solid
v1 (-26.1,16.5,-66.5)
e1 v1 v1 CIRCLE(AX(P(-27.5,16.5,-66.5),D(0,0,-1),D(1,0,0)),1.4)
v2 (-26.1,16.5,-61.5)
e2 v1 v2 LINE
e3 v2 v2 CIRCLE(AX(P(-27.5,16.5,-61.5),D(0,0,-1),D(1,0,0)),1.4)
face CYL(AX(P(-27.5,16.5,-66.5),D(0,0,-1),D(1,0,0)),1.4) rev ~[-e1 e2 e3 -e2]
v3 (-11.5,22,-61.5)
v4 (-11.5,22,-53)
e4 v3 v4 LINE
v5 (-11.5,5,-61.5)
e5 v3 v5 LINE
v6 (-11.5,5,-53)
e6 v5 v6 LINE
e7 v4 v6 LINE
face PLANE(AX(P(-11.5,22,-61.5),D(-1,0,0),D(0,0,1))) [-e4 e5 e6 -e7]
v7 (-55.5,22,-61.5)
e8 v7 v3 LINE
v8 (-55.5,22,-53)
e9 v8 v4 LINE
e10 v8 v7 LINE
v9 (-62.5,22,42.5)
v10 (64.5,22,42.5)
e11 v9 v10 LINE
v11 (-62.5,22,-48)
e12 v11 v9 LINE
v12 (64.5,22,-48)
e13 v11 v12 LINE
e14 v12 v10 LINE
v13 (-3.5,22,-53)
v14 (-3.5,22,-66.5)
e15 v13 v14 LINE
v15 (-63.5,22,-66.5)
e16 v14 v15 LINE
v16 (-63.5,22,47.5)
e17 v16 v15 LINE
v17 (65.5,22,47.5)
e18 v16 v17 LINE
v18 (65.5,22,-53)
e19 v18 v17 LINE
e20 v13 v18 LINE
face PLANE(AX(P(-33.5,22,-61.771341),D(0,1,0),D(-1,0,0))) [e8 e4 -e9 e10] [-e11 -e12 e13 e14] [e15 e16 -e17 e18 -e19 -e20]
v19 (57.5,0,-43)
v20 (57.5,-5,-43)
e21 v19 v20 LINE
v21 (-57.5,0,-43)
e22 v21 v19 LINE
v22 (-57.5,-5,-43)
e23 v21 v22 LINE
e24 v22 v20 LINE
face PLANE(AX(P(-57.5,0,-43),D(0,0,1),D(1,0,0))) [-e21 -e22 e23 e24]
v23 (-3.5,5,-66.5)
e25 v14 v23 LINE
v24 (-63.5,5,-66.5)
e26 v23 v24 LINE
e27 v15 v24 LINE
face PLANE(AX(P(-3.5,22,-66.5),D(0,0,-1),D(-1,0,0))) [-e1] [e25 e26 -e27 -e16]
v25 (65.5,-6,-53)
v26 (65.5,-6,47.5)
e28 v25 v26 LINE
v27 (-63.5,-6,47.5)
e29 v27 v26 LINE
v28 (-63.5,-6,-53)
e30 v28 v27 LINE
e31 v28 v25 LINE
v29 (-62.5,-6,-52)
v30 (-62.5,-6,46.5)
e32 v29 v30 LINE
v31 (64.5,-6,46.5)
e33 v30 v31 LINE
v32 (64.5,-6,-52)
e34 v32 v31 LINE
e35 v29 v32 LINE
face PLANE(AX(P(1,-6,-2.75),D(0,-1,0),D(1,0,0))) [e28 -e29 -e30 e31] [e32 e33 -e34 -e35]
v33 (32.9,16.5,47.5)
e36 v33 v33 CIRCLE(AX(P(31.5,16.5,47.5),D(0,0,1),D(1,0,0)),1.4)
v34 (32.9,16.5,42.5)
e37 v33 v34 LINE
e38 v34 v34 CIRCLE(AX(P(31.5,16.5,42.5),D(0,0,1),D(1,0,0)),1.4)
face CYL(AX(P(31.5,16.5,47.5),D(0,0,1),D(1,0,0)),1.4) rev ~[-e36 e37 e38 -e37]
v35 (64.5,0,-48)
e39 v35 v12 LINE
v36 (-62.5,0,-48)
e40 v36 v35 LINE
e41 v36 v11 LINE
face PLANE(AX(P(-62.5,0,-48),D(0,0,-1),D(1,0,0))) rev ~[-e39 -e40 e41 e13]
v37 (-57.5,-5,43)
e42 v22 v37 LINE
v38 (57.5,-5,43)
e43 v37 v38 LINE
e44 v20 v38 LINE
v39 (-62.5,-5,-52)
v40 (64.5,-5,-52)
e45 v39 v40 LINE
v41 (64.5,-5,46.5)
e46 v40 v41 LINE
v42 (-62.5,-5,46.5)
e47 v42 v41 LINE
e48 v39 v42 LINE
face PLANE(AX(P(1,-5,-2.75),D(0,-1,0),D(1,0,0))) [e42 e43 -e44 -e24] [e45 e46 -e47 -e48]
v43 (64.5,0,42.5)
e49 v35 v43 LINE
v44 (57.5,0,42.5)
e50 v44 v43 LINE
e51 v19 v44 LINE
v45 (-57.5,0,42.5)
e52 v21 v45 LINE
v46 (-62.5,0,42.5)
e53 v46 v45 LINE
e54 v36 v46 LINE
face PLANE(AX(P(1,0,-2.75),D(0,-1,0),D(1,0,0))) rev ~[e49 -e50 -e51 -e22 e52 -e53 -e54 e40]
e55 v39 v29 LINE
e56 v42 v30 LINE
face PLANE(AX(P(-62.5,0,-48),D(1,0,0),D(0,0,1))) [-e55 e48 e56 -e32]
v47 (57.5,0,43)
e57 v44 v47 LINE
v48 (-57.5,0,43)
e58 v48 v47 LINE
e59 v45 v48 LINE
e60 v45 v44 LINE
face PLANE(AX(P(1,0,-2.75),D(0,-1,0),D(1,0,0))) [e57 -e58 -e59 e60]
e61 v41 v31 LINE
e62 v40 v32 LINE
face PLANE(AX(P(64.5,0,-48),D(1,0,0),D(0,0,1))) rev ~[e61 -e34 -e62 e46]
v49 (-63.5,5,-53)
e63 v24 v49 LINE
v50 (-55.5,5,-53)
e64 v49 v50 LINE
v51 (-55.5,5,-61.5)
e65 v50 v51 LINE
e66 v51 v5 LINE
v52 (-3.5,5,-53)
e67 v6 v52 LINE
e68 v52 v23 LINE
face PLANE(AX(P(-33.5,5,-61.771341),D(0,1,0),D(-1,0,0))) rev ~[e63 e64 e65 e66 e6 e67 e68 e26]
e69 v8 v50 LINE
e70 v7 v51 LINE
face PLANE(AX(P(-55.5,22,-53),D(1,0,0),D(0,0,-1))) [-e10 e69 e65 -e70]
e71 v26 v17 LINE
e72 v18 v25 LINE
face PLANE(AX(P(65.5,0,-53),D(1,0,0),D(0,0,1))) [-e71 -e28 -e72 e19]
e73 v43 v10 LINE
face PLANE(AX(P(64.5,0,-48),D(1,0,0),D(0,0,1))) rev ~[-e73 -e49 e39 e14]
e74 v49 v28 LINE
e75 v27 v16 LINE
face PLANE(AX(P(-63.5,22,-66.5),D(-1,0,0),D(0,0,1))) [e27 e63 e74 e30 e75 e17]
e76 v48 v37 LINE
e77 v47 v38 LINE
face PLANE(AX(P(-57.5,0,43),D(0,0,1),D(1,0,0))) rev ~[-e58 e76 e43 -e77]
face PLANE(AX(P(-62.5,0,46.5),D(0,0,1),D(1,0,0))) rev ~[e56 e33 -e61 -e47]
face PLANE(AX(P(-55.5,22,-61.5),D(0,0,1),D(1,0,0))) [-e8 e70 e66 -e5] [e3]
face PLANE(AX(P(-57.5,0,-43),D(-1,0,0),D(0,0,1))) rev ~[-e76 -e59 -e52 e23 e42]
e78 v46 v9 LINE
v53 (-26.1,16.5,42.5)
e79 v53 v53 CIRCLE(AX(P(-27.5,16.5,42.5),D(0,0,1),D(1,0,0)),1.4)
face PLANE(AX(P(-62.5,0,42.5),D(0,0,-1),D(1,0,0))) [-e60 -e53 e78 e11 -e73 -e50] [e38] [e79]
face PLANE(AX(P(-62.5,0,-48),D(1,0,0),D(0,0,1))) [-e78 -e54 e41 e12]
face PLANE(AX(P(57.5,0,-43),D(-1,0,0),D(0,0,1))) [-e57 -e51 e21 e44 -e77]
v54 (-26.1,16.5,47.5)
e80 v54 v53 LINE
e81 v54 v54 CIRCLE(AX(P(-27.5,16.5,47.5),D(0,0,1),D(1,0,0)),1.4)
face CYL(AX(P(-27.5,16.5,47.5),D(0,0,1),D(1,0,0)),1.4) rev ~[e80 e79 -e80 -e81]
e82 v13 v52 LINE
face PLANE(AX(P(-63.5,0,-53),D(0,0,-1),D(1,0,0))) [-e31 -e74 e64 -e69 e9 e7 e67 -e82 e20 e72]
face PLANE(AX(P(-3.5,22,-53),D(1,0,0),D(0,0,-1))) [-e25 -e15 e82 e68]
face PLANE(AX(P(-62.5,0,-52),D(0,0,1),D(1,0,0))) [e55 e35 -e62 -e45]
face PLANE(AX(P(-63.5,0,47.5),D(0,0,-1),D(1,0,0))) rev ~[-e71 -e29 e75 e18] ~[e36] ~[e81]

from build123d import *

# Parameters (mm, degrees)
F1_W      = 129
F1_H      = 100.5
F1_W_2    = 127
F1_H_2    = 98.5
F2_DEPTH  = 6
F3_W      = 129
F3_H      = 100.5
F3_W_2    = 127
F3_H_2    = 90.5
F4_DEPTH  = 22
F6_DEPTH  = 17
F7_R      = 1.4
F8_DEPTH  = 7.9
F9_R      = 1.4
F10_DEPTH = 5
F11_W     = 127
F11_H     = 98.5
F11_W_2   = 115
F11_H_2   = 86
F12_DEPTH = 5


with BuildPart() as f2:
    # F1 (on Front) → F2 (new body)
    with BuildSketch(Plane.XZ):
        with Locations((1, -2.75)):
            Rectangle(F1_W, F1_H)
        with Locations((1, -2.75)):
            Rectangle(F1_W_2, F1_H_2, mode=Mode.SUBTRACT)
    extrude(amount=F2_DEPTH)

    # F3 (on Front) → F4 (join)
    with BuildSketch(Plane.XZ):
        with Locations((1, -2.75)):
            Rectangle(F3_W, F3_H)
        with Locations((1, -2.75)):
            Rectangle(F3_W_2, F3_H_2, mode=Mode.SUBTRACT)
    extrude(amount=-F4_DEPTH)

    # F5 (on face) → F6 (join)
    with BuildSketch(Plane(origin=(0, 22, 0), x_dir=(-1, 0, 0), z_dir=(0, 1, 0))):
        Polygon((3.5, -66.5), (63.5, -66.5), (63.5, -53), (55.5, -53), (55.5, -61.5), (11.5, -61.5), (11.5, -53), (3.5, -53), align=None)
    extrude(amount=-F6_DEPTH)

    # F7 (on face) → F8 (cut)
    with BuildSketch(Plane.XY.offset(47.5)):
        with Locations((-27.5, 16.5)):
            Circle(F7_R)
        with Locations((31.5, 16.5)):
            Circle(F7_R)
    extrude(amount=-F8_DEPTH, mode=Mode.SUBTRACT)

    # F9 (on face) → F10 (cut)
    with BuildSketch(Plane(origin=(0, 0, -66.5), x_dir=(1, 0, 0), z_dir=(0, 0, -1))):
        with Locations((-27.5, -16.5)):
            Circle(F9_R)
    extrude(amount=-F10_DEPTH, mode=Mode.SUBTRACT)

    # F11 (on face) → F12 (join)
    with BuildSketch(Plane.XZ):
        with Locations((1, -2.75)):
            Rectangle(F11_W, F11_H)
        Rectangle(F11_W_2, F11_H_2, mode=Mode.SUBTRACT)
    extrude(amount=F12_DEPTH)


solid = f2.part
